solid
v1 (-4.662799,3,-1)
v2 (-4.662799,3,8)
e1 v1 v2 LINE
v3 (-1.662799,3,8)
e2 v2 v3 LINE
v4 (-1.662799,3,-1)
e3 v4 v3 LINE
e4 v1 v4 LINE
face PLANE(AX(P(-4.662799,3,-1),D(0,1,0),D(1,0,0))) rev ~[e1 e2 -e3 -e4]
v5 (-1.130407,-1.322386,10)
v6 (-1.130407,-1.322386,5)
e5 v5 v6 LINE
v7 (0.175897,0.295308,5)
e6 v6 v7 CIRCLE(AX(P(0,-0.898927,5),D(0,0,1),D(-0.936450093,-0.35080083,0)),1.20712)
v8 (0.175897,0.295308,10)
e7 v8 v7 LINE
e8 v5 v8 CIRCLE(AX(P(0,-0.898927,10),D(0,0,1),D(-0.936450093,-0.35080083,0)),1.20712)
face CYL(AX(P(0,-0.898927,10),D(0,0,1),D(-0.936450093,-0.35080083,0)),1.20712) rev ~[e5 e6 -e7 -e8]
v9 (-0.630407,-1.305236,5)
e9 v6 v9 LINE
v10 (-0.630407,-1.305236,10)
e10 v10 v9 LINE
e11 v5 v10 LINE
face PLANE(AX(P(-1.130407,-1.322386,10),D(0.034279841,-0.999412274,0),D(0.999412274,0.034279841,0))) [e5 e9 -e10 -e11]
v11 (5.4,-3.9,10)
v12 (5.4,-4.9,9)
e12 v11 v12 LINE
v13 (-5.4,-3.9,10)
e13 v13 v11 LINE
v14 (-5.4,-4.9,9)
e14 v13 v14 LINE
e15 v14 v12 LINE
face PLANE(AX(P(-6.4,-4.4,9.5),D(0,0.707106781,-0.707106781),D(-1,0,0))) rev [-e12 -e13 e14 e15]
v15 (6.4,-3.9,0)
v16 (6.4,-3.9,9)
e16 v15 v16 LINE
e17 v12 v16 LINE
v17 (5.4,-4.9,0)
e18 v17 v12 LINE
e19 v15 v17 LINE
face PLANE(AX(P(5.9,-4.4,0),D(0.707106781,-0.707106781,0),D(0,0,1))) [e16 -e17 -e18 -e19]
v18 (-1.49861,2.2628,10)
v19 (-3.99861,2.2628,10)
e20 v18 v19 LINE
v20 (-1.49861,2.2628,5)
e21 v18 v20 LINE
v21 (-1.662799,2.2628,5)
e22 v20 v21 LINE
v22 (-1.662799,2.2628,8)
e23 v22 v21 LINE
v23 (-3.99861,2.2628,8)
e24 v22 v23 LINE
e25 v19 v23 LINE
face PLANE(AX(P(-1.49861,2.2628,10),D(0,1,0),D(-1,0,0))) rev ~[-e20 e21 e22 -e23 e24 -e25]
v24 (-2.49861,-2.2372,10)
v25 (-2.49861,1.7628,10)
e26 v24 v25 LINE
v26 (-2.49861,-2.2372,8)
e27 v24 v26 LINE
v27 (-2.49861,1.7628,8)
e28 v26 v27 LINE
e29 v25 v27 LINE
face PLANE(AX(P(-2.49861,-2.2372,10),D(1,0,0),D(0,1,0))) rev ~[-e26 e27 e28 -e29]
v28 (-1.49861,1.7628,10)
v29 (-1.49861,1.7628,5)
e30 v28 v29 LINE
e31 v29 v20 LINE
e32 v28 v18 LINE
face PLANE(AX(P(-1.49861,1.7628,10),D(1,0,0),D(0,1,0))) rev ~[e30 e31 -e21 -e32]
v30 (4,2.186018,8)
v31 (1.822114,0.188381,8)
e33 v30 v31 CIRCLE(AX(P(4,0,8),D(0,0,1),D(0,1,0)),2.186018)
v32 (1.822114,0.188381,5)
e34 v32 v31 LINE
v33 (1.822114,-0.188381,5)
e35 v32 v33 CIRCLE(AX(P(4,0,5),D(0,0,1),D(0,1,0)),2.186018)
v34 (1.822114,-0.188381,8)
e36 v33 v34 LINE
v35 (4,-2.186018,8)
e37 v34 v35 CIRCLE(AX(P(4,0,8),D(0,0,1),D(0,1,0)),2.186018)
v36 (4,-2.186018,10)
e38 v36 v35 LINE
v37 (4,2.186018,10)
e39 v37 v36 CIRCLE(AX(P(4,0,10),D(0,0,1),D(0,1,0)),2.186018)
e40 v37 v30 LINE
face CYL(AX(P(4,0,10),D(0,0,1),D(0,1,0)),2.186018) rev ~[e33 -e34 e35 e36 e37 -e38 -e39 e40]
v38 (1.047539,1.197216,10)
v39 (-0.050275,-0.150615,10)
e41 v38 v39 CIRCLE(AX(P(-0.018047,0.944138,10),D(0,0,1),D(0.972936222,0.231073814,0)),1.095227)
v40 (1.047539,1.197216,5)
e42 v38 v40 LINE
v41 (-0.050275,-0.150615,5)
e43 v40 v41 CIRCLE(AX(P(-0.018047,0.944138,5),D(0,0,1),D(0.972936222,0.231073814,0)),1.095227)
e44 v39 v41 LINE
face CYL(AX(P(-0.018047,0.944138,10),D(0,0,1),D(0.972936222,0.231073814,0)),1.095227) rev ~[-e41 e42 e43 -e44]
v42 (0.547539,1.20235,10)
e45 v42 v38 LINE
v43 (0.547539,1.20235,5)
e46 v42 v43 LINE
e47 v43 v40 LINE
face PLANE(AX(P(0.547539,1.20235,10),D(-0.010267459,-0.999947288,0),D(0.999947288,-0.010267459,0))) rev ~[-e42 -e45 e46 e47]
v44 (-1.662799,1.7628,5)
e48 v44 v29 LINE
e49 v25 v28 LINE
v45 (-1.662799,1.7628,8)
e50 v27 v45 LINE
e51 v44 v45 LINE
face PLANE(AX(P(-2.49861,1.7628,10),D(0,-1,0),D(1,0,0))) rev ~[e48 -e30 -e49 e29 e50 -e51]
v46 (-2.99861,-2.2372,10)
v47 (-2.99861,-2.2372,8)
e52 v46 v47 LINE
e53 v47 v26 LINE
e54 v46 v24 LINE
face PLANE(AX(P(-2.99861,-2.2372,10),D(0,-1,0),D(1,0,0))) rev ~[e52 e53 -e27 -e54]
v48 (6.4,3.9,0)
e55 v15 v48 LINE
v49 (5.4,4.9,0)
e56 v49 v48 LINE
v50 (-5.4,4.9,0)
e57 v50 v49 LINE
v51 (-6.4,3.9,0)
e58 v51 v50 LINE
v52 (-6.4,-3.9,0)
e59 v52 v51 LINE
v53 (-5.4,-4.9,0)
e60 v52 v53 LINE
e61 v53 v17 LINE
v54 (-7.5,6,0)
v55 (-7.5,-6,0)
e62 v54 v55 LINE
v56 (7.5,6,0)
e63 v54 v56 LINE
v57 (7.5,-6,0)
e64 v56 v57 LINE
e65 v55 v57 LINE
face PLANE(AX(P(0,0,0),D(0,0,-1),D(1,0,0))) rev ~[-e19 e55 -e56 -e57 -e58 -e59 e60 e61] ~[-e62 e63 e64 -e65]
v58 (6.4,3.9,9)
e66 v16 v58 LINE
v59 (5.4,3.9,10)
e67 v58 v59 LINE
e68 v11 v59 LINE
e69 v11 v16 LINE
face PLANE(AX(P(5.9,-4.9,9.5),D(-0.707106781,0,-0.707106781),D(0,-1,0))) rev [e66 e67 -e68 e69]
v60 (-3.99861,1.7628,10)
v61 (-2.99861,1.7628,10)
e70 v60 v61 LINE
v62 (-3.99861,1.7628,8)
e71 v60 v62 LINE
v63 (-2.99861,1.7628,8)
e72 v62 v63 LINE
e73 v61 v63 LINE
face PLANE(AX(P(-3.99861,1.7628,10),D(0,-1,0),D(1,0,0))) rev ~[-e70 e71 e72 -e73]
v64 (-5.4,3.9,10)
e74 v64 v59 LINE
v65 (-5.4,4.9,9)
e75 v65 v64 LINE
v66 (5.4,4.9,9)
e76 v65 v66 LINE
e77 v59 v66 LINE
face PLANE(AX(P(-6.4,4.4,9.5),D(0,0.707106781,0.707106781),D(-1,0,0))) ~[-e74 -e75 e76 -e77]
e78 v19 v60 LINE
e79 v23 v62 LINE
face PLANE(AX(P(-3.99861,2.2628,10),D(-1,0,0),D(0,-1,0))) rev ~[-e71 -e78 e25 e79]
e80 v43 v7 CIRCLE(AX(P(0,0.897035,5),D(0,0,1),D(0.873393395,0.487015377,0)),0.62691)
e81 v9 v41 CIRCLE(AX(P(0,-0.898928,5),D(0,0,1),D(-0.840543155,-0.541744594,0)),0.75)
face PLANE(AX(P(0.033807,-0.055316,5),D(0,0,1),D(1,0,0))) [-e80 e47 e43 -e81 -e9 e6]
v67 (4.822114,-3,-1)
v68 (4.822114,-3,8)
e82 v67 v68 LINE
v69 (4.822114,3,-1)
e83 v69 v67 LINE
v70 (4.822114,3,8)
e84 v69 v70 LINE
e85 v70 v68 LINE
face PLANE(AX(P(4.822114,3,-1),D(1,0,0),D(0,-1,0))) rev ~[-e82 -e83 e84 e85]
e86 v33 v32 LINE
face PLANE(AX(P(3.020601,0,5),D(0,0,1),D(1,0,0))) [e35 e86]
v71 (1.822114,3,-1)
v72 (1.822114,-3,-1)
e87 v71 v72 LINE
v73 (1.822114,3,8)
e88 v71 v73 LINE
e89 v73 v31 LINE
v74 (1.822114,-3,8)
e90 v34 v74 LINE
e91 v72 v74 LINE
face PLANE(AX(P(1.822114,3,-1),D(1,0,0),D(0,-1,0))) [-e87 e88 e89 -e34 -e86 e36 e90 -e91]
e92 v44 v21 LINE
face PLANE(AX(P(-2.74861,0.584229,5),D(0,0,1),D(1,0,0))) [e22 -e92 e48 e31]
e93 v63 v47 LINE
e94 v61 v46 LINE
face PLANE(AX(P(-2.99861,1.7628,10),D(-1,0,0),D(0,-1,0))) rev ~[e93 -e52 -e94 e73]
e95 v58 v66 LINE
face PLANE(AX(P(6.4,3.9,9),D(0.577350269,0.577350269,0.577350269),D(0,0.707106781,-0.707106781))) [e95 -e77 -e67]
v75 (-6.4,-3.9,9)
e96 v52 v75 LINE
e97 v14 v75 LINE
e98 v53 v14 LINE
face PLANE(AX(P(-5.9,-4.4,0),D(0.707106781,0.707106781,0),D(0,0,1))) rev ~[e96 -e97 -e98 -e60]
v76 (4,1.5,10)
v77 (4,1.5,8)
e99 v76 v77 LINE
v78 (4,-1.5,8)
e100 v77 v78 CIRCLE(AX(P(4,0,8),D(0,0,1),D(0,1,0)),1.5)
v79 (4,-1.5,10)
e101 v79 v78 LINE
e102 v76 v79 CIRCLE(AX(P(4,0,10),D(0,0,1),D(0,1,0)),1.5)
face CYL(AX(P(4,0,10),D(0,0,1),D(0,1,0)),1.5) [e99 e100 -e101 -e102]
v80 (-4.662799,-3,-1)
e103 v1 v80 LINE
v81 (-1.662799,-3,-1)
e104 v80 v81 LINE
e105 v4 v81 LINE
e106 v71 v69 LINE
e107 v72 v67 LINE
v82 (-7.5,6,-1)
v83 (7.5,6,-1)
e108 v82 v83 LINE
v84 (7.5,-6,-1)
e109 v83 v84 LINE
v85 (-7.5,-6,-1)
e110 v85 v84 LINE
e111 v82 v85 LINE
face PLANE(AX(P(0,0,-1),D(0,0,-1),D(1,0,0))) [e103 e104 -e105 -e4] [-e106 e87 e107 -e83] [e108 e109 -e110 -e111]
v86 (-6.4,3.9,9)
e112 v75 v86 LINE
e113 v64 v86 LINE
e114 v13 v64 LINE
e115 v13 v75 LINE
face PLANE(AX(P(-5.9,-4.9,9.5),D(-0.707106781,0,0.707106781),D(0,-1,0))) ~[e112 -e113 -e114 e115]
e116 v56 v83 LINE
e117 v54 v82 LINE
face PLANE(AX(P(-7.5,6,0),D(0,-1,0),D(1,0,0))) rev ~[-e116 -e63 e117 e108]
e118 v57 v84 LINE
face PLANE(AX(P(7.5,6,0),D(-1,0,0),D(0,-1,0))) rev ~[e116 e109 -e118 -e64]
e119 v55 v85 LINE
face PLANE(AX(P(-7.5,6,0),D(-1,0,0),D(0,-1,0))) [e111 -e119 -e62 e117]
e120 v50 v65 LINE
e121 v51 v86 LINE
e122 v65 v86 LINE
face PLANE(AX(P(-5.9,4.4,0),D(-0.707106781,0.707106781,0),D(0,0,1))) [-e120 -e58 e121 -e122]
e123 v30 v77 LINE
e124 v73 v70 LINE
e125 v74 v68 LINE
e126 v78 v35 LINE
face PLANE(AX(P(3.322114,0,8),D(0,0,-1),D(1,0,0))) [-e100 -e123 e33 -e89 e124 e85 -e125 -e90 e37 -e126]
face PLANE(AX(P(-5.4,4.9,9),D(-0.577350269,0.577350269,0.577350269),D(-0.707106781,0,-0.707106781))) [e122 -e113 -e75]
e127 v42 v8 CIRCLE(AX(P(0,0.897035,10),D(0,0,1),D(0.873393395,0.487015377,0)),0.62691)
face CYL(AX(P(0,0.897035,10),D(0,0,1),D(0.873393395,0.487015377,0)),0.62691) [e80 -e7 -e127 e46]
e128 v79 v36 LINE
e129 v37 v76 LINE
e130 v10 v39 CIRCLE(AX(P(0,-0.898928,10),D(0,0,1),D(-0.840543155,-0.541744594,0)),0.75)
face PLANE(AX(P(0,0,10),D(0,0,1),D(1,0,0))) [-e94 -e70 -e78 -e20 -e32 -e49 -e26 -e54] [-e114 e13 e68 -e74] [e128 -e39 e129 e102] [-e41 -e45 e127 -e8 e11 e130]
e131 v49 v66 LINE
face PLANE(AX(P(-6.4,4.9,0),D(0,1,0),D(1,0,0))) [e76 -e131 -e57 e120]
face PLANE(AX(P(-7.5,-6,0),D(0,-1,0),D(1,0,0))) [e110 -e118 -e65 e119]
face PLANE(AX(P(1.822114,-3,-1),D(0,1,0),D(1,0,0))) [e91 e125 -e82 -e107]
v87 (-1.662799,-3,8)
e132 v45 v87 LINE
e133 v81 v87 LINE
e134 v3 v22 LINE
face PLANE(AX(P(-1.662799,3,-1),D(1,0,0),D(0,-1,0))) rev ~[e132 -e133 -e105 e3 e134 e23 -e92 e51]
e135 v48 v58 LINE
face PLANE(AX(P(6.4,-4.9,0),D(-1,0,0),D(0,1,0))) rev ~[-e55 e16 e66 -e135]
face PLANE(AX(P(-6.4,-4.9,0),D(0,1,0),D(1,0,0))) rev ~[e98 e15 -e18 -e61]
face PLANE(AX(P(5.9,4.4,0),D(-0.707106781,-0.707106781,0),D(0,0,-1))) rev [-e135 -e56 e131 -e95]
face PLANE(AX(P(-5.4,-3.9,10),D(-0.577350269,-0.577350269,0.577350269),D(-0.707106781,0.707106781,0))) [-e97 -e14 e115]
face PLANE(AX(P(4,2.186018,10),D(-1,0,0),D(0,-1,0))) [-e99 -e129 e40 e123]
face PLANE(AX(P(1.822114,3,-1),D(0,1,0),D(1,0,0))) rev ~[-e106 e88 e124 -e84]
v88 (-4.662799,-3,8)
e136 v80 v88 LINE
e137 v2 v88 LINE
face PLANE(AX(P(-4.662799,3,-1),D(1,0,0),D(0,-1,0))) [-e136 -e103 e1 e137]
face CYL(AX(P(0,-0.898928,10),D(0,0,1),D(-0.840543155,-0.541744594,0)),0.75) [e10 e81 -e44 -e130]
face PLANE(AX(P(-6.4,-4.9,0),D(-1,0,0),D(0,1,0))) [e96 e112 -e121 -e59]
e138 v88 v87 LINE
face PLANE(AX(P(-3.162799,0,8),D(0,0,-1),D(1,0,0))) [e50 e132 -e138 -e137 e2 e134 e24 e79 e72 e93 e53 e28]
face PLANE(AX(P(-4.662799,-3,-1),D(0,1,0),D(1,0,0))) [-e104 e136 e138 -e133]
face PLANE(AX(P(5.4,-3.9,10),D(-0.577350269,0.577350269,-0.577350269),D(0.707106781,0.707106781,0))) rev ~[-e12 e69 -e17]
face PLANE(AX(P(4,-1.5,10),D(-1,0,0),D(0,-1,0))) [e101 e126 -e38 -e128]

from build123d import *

# Parameters (mm, degrees)
SKETCH_W        = 12.8
SKETCH_H        = 9.8
PAD_DEPTH       = 10
POCKET_DEPTH    = 5
SKETCH002_W     = 15
SKETCH002_H     = 12
PAD001_DEPTH    = 1
CHAMFER_SIZE    = 1
SKETCH003_W     = 3
SKETCH003_H     = 6
POCKET001_DEPTH = 9


with BuildPart() as part:
    # Sketch → Pad (new body)
    with BuildSketch(Plane.XY):
        Rectangle(SKETCH_W, SKETCH_H)
    extrude(amount=PAD_DEPTH)

    # Sketch001 (on Face6 of Pad) → Pocket (cut)
    with BuildSketch(Plane.XY.offset(10)):
        Polygon((-3.99861, 2.2628), (-3.99861, 1.7628), (-2.99861, 1.7628), (-2.99861, -2.2372), (-2.49861, -2.2372), (-2.49861, 1.7628), (-1.49861, 1.7628), (-1.49861, 2.2628), align=None)
        with BuildLine():
            ThreePointArc((1.047539, 1.197216), (-0.867234, 1.635805), (-0.050275, -0.150615))
            ThreePointArc((-0.630407, -1.305236), (0.670164, -1.235647), (-0.050275, -0.150615))
            Line((-1.130407, -1.322386), (-0.630407, -1.305236))
            ThreePointArc((-1.130407, -1.322386), (0.939152, -1.657302), (0.175897, 0.295308))
            ThreePointArc((0.547539, 1.20235), (-0.580104, 1.134721), (0.175897, 0.295308))
            Line((0.547539, 1.20235), (1.047539, 1.197216))
        make_face()
        with BuildLine():
            ThreePointArc((4, 2.186018), (1.813982, 0), (4, -2.186018))
            Line((4, -1.5), (4, -2.186018))
            ThreePointArc((4, 1.5), (2.5, 0), (4, -1.5))
            Line((4, 2.186018), (4, 1.5))
        make_face()
    extrude(amount=-POCKET_DEPTH, mode=Mode.SUBTRACT)

    # Sketch002 (on Face4 of Pocket) → Pad001 (join)
    with BuildSketch(Plane(origin=(0, 0, 0), x_dir=(1, 0, 0), z_dir=(0, 0, -1))):
        Rectangle(SKETCH002_W, SKETCH002_H)
    extrude(amount=PAD001_DEPTH)

    # Chamfer
    chamfer_edges = [part.edges().sort_by_distance(p)[0] for p in [
        (6.4, -4.9, 5),
        (-6.4, -4.9, 5),
        (0, -4.9, 10),
        (-6.4, 0, 10),
        (0, 4.9, 10),
        (6.4, 0, 10),
        (6.4, 4.9, 5),
        (-6.4, 4.9, 5),
    ]]
    chamfer(chamfer_edges, length=CHAMFER_SIZE)

    # Sketch003 (on Face22 of Chamfer) → Pocket001 (cut)
    with BuildSketch(Plane(origin=(0, 0, -1), x_dir=(1, 0, 0), z_dir=(0, 0, -1))):
        with Locations((-3.162799, 0)):
            Rectangle(SKETCH003_W, SKETCH003_H)
        with Locations((3.322114, 0)):
            Rectangle(SKETCH003_W, SKETCH003_H)
    extrude(amount=-POCKET001_DEPTH, mode=Mode.SUBTRACT)


solid = part.part
